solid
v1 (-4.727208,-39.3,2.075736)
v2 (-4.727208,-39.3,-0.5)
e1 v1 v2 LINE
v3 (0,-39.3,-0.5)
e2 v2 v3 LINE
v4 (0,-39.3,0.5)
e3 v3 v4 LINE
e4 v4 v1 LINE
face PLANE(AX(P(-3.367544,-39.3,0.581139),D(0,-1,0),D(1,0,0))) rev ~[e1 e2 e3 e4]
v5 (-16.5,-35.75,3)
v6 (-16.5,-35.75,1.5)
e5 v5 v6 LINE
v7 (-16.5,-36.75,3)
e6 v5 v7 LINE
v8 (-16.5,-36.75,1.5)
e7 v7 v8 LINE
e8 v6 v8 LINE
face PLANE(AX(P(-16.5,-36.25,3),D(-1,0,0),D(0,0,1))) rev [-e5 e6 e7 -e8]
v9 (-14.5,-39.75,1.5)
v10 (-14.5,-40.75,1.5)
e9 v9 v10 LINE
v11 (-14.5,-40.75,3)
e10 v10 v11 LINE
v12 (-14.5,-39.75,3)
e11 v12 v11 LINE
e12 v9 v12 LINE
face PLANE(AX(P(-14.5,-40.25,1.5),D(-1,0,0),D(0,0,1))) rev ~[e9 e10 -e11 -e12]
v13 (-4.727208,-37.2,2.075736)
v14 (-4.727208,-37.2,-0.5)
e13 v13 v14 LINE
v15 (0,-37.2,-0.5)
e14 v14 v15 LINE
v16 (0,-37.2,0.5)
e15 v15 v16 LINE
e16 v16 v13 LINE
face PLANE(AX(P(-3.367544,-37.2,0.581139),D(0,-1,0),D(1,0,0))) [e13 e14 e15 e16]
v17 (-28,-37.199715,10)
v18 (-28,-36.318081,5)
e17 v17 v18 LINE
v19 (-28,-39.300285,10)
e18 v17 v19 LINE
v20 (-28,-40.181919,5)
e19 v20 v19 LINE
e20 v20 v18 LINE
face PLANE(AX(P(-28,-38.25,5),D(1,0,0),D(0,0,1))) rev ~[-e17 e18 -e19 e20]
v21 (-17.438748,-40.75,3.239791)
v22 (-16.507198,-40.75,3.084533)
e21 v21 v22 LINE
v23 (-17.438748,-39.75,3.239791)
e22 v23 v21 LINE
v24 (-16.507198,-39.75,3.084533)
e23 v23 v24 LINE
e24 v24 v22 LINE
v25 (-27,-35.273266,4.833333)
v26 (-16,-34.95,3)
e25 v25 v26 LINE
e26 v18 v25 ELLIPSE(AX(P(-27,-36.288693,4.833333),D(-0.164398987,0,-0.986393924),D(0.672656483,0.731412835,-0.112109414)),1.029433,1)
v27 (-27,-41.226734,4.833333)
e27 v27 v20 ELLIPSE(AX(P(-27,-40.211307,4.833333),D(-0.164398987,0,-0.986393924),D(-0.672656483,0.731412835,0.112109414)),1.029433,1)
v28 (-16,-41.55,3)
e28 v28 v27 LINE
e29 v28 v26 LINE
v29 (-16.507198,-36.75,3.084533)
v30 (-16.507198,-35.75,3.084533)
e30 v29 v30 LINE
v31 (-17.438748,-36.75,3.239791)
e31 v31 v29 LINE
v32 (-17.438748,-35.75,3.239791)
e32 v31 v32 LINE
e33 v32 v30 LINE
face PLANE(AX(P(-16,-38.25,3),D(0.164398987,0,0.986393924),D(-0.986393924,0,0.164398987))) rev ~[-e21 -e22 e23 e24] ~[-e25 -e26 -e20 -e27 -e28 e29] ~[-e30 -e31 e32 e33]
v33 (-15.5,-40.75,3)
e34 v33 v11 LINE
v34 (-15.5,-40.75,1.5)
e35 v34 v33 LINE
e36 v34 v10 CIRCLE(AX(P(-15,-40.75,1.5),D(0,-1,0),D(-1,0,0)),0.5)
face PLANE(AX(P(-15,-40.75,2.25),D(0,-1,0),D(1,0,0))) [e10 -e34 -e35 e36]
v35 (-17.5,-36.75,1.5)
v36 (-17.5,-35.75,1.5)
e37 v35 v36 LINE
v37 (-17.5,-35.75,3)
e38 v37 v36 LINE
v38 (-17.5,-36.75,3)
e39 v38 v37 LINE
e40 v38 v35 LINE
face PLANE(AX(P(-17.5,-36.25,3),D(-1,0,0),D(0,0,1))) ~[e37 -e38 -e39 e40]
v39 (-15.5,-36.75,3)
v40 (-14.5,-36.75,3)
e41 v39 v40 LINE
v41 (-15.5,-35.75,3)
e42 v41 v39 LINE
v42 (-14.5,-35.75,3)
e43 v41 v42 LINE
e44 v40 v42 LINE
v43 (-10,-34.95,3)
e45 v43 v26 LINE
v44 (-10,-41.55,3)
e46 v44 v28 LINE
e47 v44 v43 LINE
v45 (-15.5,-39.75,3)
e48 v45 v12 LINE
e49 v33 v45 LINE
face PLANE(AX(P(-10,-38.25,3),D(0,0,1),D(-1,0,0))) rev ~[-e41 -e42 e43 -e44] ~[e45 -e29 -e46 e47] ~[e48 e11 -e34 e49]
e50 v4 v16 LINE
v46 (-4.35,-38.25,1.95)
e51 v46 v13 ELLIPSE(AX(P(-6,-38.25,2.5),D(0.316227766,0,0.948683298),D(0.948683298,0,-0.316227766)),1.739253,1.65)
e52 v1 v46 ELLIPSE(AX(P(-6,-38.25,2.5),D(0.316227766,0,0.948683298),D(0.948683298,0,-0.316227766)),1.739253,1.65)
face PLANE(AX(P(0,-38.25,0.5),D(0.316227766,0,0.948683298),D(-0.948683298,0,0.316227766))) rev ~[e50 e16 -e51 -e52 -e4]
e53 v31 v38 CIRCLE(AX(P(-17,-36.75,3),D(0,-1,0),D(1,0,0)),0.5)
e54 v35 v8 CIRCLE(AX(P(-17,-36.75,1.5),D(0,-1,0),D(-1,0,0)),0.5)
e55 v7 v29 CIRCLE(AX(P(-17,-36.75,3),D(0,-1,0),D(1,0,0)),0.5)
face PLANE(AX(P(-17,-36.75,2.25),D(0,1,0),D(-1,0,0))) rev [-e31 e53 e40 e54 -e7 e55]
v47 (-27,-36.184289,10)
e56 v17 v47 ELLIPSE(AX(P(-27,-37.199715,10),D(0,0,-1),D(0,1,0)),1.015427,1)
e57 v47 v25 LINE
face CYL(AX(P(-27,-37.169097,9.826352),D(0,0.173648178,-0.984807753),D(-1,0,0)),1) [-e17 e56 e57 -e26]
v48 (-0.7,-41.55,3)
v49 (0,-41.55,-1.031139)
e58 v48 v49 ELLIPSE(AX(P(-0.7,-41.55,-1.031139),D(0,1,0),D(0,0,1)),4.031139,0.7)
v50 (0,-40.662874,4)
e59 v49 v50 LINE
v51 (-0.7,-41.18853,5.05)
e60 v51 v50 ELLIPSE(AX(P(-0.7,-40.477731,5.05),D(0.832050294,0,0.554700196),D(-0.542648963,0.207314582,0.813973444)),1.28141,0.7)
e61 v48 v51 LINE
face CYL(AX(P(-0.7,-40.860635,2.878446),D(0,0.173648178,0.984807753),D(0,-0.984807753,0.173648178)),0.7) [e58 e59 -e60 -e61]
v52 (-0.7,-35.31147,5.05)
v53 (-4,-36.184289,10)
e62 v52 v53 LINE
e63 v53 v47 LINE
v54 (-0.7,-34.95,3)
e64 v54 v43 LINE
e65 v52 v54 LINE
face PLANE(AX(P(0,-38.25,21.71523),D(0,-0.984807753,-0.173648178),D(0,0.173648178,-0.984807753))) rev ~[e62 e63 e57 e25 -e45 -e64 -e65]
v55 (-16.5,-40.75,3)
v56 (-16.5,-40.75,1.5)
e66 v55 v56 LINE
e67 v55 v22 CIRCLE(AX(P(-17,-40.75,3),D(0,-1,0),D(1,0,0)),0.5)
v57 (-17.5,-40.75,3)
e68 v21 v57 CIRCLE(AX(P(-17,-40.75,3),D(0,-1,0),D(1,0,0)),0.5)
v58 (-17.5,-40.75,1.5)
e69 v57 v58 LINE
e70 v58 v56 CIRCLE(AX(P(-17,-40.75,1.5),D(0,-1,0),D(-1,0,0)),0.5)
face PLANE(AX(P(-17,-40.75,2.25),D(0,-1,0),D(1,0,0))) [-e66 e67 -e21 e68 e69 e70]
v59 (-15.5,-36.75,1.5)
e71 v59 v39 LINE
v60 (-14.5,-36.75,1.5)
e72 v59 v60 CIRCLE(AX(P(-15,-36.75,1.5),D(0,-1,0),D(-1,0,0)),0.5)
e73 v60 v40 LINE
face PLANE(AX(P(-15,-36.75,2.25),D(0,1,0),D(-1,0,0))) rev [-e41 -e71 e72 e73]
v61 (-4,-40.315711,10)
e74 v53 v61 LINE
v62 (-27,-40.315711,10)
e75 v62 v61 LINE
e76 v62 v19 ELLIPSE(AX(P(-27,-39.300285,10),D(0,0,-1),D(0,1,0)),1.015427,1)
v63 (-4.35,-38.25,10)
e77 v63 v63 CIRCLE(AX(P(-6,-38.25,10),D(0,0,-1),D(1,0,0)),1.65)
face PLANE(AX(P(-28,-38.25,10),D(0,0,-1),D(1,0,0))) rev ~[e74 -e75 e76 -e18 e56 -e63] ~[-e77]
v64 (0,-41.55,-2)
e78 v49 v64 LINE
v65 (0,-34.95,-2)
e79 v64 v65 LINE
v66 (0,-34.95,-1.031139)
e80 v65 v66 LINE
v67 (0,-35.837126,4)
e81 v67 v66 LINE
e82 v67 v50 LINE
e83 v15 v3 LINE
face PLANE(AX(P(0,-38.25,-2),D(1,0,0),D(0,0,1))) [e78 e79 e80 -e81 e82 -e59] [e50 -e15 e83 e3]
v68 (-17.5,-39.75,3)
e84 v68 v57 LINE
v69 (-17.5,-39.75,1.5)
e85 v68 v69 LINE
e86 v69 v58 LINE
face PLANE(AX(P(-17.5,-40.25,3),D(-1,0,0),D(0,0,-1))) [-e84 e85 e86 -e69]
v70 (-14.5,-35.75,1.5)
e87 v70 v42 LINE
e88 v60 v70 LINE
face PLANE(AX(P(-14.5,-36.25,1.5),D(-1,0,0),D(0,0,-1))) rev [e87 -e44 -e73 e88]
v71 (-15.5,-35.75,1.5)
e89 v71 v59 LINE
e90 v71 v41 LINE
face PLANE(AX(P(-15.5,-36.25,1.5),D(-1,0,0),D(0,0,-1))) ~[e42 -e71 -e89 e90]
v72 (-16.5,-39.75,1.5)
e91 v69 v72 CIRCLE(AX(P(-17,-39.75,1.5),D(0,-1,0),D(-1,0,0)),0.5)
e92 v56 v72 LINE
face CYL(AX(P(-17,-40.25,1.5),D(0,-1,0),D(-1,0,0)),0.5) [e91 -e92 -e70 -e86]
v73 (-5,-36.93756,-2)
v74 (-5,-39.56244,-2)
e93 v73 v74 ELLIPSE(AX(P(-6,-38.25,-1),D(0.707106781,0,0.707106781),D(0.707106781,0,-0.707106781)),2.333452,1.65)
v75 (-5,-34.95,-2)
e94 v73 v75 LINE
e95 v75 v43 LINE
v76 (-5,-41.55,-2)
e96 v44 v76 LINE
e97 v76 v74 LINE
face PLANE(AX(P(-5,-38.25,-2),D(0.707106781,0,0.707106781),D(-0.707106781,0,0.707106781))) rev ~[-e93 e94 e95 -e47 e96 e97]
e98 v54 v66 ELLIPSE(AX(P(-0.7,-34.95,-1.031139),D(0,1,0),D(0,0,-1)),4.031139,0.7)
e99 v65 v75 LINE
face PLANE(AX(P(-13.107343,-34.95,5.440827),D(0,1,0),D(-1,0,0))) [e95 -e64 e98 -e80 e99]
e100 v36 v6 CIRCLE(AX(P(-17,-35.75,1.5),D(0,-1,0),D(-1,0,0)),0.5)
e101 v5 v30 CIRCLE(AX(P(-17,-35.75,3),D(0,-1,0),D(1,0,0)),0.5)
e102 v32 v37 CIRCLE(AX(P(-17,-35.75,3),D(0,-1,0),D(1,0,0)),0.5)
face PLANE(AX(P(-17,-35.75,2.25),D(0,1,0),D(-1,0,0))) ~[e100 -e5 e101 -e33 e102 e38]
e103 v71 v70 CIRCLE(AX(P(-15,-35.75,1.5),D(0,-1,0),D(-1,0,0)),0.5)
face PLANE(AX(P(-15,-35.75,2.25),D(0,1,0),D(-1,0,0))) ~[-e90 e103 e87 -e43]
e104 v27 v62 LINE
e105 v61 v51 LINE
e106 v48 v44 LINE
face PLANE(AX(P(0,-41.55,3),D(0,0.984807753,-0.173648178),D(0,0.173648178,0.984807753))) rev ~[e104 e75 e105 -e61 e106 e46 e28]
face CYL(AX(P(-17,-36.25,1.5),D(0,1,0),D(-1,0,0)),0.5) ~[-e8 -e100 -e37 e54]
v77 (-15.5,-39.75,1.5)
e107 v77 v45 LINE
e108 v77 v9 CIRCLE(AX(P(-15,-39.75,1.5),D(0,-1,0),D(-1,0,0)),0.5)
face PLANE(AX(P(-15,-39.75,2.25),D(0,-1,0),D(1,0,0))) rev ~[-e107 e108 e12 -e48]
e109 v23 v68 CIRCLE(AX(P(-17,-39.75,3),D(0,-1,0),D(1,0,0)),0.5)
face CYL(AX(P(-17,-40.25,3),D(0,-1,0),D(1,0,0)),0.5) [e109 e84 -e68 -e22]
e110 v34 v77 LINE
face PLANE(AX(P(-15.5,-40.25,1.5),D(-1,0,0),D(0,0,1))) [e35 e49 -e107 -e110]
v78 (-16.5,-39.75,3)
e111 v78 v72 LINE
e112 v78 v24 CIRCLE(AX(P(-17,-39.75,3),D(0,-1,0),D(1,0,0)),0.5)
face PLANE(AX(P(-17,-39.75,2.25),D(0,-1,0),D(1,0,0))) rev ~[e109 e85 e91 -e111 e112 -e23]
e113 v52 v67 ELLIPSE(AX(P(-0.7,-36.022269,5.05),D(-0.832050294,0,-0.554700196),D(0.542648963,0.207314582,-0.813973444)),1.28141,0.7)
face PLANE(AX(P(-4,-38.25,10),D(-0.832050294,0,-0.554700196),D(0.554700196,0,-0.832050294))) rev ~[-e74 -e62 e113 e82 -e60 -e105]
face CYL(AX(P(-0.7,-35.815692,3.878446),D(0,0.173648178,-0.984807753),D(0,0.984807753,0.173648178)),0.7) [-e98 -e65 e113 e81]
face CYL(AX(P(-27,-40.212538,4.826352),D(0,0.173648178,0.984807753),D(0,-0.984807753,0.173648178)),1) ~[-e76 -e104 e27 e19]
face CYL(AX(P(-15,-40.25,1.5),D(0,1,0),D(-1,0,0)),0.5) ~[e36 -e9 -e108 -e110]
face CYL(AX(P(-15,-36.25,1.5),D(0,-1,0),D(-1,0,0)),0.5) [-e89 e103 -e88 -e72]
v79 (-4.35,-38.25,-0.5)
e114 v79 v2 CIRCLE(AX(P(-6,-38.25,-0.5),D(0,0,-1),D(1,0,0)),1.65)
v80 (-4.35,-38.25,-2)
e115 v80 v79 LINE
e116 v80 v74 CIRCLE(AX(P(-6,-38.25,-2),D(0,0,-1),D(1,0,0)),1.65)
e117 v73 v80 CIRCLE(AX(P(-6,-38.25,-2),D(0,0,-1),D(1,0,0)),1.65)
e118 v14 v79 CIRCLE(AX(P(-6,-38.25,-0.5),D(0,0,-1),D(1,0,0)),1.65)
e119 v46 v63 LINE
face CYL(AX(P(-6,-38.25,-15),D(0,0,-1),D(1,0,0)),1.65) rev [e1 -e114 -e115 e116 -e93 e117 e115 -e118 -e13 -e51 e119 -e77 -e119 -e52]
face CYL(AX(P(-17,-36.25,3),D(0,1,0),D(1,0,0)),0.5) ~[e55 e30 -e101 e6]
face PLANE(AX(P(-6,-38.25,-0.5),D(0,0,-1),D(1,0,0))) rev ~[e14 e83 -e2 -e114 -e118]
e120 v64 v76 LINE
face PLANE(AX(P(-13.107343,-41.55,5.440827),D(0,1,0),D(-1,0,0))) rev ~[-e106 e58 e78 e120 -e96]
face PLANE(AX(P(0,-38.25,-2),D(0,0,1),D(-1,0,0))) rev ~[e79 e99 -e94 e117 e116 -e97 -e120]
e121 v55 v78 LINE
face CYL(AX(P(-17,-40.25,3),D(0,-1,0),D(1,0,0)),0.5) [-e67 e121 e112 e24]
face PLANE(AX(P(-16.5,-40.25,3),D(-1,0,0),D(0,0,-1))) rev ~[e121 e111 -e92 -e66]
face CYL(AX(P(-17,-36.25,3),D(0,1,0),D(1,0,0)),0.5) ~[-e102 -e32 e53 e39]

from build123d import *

# Parameters (mm, degrees)
CYLINDER_R      = 1.65
CYLINDER_DEPTH  = 30
PAD005_DEPTH    = 1.05
PAD001_DEPTH    = 3.3
POCKET004_DEPTH = 28.001
PAD002_DEPTH    = 0.5
FILLET_R        = 0.7
FILLET002_R     = 1


with BuildPart() as black_led_base:
    # Cylinder → Cylinder (join)
    with BuildSketch(Plane(origin=(-6, 0, -15), x_dir=(1, 0, 0), z_dir=(0, 0, 1))):
        Circle(CYLINDER_R)
    extrude(amount=CYLINDER_DEPTH)


with BuildPart() as black_iface_base:
    # Sketch016 → Pad005 (new body, symmetric)
    with BuildSketch(Plane.XZ):
        Polygon((-6, 2.5), (-6, -0.5), (0, -0.5), (0, 0.5), align=None)
    extrude(amount=PAD005_DEPTH, both=True)


with BuildPart() as black_a:
    # Sketch005 → Pad001 (new body, symmetric)
    with BuildSketch(Plane.XZ):
        Polygon((0, 0), (0, -2), (-5, -2), (-10, 3), (-16, 3), (-28, 5), (-28, 10), (-4, 10), (0, 4), align=None)
    extrude(amount=PAD001_DEPTH, both=True)

    # Sketch006 → Pocket004 (cut, through all)
    with BuildSketch(Plane.YZ):
        Polygon((-3.3, 0), (-3.3, 3), (0, 21.71523), (3.3, 3), (3.3, 0), (13, 0), (13, 26), (-13, 26), (-13, 0), align=None)
    extrude(amount=-POCKET004_DEPTH, mode=Mode.SUBTRACT)

    # Sketch008 → Pad002 (join, symmetric)
    with BuildSketch(Plane.XZ.offset(2)):
        with BuildLine():
            ThreePointArc((-15.5, 1.5), (-15, 1), (-14.5, 1.5))
            Line((-14.5, 1.5), (-14.5, 3))
            ThreePointArc((-14.5, 3), (-15, 3.5), (-15.5, 3))
            Line((-15.5, 1.5), (-15.5, 3))
        make_face()
        with BuildLine():
            ThreePointArc((-16.5, 3), (-17, 3.5), (-17.5, 3))
            Line((-17.5, 3), (-17.5, 1.5))
            ThreePointArc((-17.5, 1.5), (-17, 1), (-16.5, 1.5))
            Line((-16.5, 3), (-16.5, 1.5))
        make_face()
    pad002 = extrude(amount=PAD002_DEPTH, both=True)

    # Mirrored001: Pad002 across XZ
    add(pad002.mirror(Plane.XZ))

    # Fillet
    fillet_edges = [black_a.edges().sort_by_distance(p)[0] for p in [
        (0, -3.211837, 3.5),
        (0, 3.211837, 3.5),
    ]]
    fillet(fillet_edges, radius=FILLET_R)

    # Fillet002
    fillet002_edges = [black_a.edges().sort_by_distance(p)[0] for p in [
        (-28, -2.506529, 7.5),
        (-28, 2.506529, 7.5),
    ]]
    fillet(fillet002_edges, radius=FILLET002_R)

    # Boolean001: cut black_led_BASE, black_iface_BASE
    add(black_led_base.part, mode=Mode.SUBTRACT)
    add(black_iface_base.part, mode=Mode.SUBTRACT)


with BuildPart() as black_a_1:
    # Body015 placement: moved
    add(black_a.part.moved(Location((0, -38.25, 0))))


solid = black_a_1.part
